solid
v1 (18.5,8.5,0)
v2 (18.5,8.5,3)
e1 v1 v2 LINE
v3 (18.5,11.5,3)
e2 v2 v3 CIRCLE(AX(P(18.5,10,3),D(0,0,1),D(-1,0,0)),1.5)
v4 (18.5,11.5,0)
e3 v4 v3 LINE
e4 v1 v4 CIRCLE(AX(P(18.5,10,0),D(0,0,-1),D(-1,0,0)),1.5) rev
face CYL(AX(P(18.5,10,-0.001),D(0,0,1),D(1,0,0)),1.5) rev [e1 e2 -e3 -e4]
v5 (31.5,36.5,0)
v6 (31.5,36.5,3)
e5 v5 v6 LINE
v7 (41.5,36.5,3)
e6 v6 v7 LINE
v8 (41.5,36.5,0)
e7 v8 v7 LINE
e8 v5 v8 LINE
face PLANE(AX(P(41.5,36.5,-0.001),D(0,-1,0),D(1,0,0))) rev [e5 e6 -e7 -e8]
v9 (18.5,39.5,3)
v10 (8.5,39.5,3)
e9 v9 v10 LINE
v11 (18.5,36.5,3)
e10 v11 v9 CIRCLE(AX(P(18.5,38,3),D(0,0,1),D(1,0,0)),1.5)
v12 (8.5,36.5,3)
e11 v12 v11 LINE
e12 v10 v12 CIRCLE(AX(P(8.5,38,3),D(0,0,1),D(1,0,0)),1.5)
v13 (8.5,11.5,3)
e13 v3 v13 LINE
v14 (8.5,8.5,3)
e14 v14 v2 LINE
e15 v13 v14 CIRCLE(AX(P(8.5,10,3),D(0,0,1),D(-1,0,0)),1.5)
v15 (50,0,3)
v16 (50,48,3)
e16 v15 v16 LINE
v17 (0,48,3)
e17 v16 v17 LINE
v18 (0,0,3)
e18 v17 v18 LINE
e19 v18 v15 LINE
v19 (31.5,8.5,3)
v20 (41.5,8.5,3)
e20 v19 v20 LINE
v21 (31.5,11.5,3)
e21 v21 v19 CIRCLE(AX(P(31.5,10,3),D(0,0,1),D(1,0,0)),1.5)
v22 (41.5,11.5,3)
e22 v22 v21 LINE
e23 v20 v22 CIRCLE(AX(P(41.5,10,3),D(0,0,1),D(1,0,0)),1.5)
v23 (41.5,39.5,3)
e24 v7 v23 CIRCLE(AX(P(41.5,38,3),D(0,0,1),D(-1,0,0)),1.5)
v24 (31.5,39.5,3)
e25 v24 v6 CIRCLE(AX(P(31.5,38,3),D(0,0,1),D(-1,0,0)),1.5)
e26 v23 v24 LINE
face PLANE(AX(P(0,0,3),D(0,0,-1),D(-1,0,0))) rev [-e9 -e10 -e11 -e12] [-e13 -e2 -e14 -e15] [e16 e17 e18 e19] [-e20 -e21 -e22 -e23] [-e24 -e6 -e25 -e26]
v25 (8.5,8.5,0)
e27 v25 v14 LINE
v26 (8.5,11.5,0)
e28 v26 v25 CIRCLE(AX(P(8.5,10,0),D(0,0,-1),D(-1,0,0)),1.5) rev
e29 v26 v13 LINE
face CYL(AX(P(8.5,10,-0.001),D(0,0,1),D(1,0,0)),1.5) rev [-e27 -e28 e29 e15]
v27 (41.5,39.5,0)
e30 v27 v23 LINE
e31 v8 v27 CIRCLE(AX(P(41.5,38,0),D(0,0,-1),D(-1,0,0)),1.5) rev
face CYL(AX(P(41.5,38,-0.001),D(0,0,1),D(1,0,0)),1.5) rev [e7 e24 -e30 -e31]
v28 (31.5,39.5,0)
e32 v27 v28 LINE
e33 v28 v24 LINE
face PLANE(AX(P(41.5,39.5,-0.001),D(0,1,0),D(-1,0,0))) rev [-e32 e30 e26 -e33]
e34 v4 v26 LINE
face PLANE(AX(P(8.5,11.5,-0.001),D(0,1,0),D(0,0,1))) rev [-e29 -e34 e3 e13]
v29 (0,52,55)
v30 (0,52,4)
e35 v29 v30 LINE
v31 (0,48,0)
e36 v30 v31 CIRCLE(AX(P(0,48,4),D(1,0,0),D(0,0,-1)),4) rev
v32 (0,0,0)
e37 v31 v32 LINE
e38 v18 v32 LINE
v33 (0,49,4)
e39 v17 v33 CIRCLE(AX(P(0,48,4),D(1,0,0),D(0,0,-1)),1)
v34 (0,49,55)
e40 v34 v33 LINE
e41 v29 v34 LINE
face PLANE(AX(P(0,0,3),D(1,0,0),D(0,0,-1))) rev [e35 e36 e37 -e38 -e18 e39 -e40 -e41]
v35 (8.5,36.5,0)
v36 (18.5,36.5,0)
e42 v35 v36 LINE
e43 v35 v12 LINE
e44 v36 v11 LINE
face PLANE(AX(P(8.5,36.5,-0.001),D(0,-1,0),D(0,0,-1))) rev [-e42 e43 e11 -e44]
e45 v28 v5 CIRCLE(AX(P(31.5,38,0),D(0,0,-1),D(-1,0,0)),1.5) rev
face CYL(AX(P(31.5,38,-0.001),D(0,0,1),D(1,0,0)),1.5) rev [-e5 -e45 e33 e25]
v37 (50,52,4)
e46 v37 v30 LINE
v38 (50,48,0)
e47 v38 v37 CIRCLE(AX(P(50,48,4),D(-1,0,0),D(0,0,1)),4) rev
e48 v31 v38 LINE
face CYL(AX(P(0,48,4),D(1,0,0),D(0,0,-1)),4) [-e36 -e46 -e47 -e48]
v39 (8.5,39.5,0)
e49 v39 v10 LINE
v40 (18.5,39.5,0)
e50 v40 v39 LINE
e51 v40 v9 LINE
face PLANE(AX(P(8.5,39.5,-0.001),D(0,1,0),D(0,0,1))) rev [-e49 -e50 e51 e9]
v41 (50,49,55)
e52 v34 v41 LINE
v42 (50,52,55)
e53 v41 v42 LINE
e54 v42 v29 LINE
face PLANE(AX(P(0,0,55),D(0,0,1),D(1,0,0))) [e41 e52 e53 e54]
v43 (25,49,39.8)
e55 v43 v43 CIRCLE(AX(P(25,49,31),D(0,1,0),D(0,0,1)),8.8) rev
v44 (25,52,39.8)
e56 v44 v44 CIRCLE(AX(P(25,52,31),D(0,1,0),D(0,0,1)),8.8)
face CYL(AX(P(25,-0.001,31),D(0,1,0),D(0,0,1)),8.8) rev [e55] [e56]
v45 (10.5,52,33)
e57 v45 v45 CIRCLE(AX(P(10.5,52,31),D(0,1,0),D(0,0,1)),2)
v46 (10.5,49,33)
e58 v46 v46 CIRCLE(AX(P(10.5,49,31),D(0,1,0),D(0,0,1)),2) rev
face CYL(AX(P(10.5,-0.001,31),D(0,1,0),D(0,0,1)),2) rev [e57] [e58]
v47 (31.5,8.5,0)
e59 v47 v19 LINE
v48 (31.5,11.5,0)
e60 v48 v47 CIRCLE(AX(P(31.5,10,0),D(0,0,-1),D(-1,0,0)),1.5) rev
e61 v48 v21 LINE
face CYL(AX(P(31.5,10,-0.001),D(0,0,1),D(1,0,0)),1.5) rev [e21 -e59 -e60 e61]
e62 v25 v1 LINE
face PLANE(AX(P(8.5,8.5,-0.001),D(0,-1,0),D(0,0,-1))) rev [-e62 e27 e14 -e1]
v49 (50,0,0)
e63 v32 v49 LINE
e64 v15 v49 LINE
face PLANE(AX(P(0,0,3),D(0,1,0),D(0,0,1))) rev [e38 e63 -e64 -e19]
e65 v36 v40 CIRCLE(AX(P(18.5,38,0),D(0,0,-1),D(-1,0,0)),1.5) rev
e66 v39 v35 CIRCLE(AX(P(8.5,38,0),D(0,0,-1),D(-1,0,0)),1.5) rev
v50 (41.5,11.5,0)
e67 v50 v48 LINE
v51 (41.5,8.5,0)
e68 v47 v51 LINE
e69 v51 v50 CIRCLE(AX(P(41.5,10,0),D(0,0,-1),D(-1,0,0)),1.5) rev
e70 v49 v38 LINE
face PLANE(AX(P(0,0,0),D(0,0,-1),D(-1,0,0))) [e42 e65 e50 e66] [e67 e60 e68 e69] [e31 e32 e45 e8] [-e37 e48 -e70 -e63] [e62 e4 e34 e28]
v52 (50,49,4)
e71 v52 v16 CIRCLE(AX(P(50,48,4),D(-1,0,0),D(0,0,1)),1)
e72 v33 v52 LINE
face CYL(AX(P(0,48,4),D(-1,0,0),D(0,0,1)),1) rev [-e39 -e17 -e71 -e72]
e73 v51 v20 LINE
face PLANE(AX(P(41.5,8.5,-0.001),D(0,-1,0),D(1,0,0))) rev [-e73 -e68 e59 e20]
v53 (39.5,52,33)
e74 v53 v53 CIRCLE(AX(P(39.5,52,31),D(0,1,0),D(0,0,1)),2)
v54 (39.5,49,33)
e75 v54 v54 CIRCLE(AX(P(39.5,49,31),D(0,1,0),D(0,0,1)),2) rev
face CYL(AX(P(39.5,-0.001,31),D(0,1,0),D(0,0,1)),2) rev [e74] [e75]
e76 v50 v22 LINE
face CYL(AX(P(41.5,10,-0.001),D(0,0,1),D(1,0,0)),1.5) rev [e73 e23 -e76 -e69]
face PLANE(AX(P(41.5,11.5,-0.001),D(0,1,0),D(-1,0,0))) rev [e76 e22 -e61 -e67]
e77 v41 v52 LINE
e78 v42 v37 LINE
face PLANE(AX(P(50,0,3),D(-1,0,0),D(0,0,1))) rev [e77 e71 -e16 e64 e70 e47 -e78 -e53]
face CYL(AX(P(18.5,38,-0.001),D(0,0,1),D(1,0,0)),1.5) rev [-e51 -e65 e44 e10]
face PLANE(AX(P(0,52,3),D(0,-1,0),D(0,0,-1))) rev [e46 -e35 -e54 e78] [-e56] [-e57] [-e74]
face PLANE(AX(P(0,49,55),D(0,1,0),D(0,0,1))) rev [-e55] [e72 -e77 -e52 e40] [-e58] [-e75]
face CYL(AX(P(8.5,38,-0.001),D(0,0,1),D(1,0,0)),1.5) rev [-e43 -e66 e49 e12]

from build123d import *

# Parameters (mm, degrees)
SKETCH1_W           = 50
SKETCH1_H           = 52
BOSS_EXTRUDE1_DEPTH = 3
SKETCH2_W           = 50
SKETCH2_H           = 3
BOSS_EXTRUDE2_DEPTH = 52
FILLET1_R           = 4
FILLET2_R           = 1
CUT_EXTRUDE1_REACH  = 92.714
SKETCH3_R           = 2
SKETCH3_R_2         = 8.8
CUT_EXTRUDE2_REACH  = 90.927


with BuildPart() as part:
    # Sketch1 → Boss-Extrude1 (new body)
    with BuildSketch(Plane.XY):
        with Locations((25, 26)):
            Rectangle(SKETCH1_W, SKETCH1_H)
    extrude(amount=BOSS_EXTRUDE1_DEPTH)

    # Sketch2 → Boss-Extrude2 (add)
    with BuildSketch(Plane.XY.offset(3)):
        with Locations((25, 50.5)):
            Rectangle(SKETCH2_W, SKETCH2_H)
    extrude(amount=BOSS_EXTRUDE2_DEPTH)

    # Fillet1
    fillet1_edges = [part.edges().sort_by_distance(p)[0] for p in [
        (25, 52, 0),
    ]]
    fillet(fillet1_edges, radius=FILLET1_R)

    # Fillet2
    fillet2_edges = [part.edges().sort_by_distance(p)[0] for p in [
        (25, 49, 3),
    ]]
    fillet(fillet2_edges, radius=FILLET2_R)

    # Sketch3 → Cut-Extrude1 (cut, up to next)
    with BuildSketch(Plane(origin=(0, 52, 0), x_dir=(1, 0, 0), z_dir=(0, 1, 0)), mode=Mode.PRIVATE) as cut_extrude1_sk1:
        with Locations(Location((10.5, -31, 0), (0, 0, 270))):
            Circle(SKETCH3_R)
    cut_extrude1_tool1 = extrude(cut_extrude1_sk1.sketch, amount=-CUT_EXTRUDE1_REACH, mode=Mode.PRIVATE) & part.part
    # Sketch3 → Cut-Extrude1 (cut, up to next)
    with BuildSketch(Plane(origin=(0, 52, 0), x_dir=(1, 0, 0), z_dir=(0, 1, 0)), mode=Mode.PRIVATE) as cut_extrude1_sk2:
        with Locations(Location((39.5, -31, 0), (0, 0, 270))):
            Circle(SKETCH3_R)
    cut_extrude1_tool2 = extrude(cut_extrude1_sk2.sketch, amount=-CUT_EXTRUDE1_REACH, mode=Mode.PRIVATE) & part.part
    # Sketch3 → Cut-Extrude1 (cut, up to next)
    with BuildSketch(Plane(origin=(0, 52, 0), x_dir=(1, 0, 0), z_dir=(0, 1, 0)), mode=Mode.PRIVATE) as cut_extrude1_sk3:
        with Locations(Location((25, -31, 0), (0, 0, 270))):
            Circle(SKETCH3_R_2)
    cut_extrude1_tool3 = extrude(cut_extrude1_sk3.sketch, amount=-CUT_EXTRUDE1_REACH, mode=Mode.PRIVATE) & part.part
    add(cut_extrude1_tool1.solids().sort_by_distance((10.5, 52, 31))[0], mode=Mode.SUBTRACT)
    add(cut_extrude1_tool2.solids().sort_by_distance((39.5, 52, 31))[0], mode=Mode.SUBTRACT)
    add(cut_extrude1_tool3.solids().sort_by_distance((25, 52, 31))[0], mode=Mode.SUBTRACT)

    # Sketch6 → Cut-Extrude2 (cut, up to next)
    with BuildSketch(Plane.XY.offset(3), mode=Mode.PRIVATE) as cut_extrude2_sk1:
        with BuildLine():
            Line((8.5, 39.5), (18.5, 39.5))
            ThreePointArc((18.5, 39.5), (20, 38), (18.5, 36.5))
            Line((18.5, 36.5), (8.5, 36.5))
            ThreePointArc((8.5, 36.5), (7, 38), (8.5, 39.5))
        make_face()
    cut_extrude2_tool1 = extrude(cut_extrude2_sk1.sketch, amount=-CUT_EXTRUDE2_REACH, mode=Mode.PRIVATE) & part.part
    # Sketch6 → Cut-Extrude2 (cut, up to next)
    with BuildSketch(Plane.XY.offset(3), mode=Mode.PRIVATE) as cut_extrude2_sk2:
        with BuildLine():
            Line((41.5, 39.5), (31.5, 39.5))
            ThreePointArc((31.5, 39.5), (30, 38), (31.5, 36.5))
            Line((31.5, 36.5), (41.5, 36.5))
            ThreePointArc((41.5, 36.5), (43, 38), (41.5, 39.5))
        make_face()
    cut_extrude2_tool2 = extrude(cut_extrude2_sk2.sketch, amount=-CUT_EXTRUDE2_REACH, mode=Mode.PRIVATE) & part.part
    # Sketch6 → Cut-Extrude2 (cut, up to next)
    with BuildSketch(Plane.XY.offset(3), mode=Mode.PRIVATE) as cut_extrude2_sk3:
        with BuildLine():
            Line((8.5, 8.5), (18.5, 8.5))
            ThreePointArc((18.5, 8.5), (20, 10), (18.5, 11.5))
            Line((18.5, 11.5), (8.5, 11.5))
            ThreePointArc((8.5, 11.5), (7, 10), (8.5, 8.5))
        make_face()
    cut_extrude2_tool3 = extrude(cut_extrude2_sk3.sketch, amount=-CUT_EXTRUDE2_REACH, mode=Mode.PRIVATE) & part.part
    # Sketch6 → Cut-Extrude2 (cut, up to next)
    with BuildSketch(Plane.XY.offset(3), mode=Mode.PRIVATE) as cut_extrude2_sk4:
        with BuildLine():
            Line((41.5, 8.5), (31.5, 8.5))
            ThreePointArc((31.5, 8.5), (30, 10), (31.5, 11.5))
            Line((31.5, 11.5), (41.5, 11.5))
            ThreePointArc((41.5, 11.5), (43, 10), (41.5, 8.5))
        make_face()
    cut_extrude2_tool4 = extrude(cut_extrude2_sk4.sketch, amount=-CUT_EXTRUDE2_REACH, mode=Mode.PRIVATE) & part.part
    add(cut_extrude2_tool1.solids().sort_by_distance((13.5, 38, 3))[0], mode=Mode.SUBTRACT)
    add(cut_extrude2_tool2.solids().sort_by_distance((36.5, 38, 3))[0], mode=Mode.SUBTRACT)
    add(cut_extrude2_tool3.solids().sort_by_distance((13.5, 10, 3))[0], mode=Mode.SUBTRACT)
    add(cut_extrude2_tool4.solids().sort_by_distance((36.5, 10, 3))[0], mode=Mode.SUBTRACT)


solid = part.part
